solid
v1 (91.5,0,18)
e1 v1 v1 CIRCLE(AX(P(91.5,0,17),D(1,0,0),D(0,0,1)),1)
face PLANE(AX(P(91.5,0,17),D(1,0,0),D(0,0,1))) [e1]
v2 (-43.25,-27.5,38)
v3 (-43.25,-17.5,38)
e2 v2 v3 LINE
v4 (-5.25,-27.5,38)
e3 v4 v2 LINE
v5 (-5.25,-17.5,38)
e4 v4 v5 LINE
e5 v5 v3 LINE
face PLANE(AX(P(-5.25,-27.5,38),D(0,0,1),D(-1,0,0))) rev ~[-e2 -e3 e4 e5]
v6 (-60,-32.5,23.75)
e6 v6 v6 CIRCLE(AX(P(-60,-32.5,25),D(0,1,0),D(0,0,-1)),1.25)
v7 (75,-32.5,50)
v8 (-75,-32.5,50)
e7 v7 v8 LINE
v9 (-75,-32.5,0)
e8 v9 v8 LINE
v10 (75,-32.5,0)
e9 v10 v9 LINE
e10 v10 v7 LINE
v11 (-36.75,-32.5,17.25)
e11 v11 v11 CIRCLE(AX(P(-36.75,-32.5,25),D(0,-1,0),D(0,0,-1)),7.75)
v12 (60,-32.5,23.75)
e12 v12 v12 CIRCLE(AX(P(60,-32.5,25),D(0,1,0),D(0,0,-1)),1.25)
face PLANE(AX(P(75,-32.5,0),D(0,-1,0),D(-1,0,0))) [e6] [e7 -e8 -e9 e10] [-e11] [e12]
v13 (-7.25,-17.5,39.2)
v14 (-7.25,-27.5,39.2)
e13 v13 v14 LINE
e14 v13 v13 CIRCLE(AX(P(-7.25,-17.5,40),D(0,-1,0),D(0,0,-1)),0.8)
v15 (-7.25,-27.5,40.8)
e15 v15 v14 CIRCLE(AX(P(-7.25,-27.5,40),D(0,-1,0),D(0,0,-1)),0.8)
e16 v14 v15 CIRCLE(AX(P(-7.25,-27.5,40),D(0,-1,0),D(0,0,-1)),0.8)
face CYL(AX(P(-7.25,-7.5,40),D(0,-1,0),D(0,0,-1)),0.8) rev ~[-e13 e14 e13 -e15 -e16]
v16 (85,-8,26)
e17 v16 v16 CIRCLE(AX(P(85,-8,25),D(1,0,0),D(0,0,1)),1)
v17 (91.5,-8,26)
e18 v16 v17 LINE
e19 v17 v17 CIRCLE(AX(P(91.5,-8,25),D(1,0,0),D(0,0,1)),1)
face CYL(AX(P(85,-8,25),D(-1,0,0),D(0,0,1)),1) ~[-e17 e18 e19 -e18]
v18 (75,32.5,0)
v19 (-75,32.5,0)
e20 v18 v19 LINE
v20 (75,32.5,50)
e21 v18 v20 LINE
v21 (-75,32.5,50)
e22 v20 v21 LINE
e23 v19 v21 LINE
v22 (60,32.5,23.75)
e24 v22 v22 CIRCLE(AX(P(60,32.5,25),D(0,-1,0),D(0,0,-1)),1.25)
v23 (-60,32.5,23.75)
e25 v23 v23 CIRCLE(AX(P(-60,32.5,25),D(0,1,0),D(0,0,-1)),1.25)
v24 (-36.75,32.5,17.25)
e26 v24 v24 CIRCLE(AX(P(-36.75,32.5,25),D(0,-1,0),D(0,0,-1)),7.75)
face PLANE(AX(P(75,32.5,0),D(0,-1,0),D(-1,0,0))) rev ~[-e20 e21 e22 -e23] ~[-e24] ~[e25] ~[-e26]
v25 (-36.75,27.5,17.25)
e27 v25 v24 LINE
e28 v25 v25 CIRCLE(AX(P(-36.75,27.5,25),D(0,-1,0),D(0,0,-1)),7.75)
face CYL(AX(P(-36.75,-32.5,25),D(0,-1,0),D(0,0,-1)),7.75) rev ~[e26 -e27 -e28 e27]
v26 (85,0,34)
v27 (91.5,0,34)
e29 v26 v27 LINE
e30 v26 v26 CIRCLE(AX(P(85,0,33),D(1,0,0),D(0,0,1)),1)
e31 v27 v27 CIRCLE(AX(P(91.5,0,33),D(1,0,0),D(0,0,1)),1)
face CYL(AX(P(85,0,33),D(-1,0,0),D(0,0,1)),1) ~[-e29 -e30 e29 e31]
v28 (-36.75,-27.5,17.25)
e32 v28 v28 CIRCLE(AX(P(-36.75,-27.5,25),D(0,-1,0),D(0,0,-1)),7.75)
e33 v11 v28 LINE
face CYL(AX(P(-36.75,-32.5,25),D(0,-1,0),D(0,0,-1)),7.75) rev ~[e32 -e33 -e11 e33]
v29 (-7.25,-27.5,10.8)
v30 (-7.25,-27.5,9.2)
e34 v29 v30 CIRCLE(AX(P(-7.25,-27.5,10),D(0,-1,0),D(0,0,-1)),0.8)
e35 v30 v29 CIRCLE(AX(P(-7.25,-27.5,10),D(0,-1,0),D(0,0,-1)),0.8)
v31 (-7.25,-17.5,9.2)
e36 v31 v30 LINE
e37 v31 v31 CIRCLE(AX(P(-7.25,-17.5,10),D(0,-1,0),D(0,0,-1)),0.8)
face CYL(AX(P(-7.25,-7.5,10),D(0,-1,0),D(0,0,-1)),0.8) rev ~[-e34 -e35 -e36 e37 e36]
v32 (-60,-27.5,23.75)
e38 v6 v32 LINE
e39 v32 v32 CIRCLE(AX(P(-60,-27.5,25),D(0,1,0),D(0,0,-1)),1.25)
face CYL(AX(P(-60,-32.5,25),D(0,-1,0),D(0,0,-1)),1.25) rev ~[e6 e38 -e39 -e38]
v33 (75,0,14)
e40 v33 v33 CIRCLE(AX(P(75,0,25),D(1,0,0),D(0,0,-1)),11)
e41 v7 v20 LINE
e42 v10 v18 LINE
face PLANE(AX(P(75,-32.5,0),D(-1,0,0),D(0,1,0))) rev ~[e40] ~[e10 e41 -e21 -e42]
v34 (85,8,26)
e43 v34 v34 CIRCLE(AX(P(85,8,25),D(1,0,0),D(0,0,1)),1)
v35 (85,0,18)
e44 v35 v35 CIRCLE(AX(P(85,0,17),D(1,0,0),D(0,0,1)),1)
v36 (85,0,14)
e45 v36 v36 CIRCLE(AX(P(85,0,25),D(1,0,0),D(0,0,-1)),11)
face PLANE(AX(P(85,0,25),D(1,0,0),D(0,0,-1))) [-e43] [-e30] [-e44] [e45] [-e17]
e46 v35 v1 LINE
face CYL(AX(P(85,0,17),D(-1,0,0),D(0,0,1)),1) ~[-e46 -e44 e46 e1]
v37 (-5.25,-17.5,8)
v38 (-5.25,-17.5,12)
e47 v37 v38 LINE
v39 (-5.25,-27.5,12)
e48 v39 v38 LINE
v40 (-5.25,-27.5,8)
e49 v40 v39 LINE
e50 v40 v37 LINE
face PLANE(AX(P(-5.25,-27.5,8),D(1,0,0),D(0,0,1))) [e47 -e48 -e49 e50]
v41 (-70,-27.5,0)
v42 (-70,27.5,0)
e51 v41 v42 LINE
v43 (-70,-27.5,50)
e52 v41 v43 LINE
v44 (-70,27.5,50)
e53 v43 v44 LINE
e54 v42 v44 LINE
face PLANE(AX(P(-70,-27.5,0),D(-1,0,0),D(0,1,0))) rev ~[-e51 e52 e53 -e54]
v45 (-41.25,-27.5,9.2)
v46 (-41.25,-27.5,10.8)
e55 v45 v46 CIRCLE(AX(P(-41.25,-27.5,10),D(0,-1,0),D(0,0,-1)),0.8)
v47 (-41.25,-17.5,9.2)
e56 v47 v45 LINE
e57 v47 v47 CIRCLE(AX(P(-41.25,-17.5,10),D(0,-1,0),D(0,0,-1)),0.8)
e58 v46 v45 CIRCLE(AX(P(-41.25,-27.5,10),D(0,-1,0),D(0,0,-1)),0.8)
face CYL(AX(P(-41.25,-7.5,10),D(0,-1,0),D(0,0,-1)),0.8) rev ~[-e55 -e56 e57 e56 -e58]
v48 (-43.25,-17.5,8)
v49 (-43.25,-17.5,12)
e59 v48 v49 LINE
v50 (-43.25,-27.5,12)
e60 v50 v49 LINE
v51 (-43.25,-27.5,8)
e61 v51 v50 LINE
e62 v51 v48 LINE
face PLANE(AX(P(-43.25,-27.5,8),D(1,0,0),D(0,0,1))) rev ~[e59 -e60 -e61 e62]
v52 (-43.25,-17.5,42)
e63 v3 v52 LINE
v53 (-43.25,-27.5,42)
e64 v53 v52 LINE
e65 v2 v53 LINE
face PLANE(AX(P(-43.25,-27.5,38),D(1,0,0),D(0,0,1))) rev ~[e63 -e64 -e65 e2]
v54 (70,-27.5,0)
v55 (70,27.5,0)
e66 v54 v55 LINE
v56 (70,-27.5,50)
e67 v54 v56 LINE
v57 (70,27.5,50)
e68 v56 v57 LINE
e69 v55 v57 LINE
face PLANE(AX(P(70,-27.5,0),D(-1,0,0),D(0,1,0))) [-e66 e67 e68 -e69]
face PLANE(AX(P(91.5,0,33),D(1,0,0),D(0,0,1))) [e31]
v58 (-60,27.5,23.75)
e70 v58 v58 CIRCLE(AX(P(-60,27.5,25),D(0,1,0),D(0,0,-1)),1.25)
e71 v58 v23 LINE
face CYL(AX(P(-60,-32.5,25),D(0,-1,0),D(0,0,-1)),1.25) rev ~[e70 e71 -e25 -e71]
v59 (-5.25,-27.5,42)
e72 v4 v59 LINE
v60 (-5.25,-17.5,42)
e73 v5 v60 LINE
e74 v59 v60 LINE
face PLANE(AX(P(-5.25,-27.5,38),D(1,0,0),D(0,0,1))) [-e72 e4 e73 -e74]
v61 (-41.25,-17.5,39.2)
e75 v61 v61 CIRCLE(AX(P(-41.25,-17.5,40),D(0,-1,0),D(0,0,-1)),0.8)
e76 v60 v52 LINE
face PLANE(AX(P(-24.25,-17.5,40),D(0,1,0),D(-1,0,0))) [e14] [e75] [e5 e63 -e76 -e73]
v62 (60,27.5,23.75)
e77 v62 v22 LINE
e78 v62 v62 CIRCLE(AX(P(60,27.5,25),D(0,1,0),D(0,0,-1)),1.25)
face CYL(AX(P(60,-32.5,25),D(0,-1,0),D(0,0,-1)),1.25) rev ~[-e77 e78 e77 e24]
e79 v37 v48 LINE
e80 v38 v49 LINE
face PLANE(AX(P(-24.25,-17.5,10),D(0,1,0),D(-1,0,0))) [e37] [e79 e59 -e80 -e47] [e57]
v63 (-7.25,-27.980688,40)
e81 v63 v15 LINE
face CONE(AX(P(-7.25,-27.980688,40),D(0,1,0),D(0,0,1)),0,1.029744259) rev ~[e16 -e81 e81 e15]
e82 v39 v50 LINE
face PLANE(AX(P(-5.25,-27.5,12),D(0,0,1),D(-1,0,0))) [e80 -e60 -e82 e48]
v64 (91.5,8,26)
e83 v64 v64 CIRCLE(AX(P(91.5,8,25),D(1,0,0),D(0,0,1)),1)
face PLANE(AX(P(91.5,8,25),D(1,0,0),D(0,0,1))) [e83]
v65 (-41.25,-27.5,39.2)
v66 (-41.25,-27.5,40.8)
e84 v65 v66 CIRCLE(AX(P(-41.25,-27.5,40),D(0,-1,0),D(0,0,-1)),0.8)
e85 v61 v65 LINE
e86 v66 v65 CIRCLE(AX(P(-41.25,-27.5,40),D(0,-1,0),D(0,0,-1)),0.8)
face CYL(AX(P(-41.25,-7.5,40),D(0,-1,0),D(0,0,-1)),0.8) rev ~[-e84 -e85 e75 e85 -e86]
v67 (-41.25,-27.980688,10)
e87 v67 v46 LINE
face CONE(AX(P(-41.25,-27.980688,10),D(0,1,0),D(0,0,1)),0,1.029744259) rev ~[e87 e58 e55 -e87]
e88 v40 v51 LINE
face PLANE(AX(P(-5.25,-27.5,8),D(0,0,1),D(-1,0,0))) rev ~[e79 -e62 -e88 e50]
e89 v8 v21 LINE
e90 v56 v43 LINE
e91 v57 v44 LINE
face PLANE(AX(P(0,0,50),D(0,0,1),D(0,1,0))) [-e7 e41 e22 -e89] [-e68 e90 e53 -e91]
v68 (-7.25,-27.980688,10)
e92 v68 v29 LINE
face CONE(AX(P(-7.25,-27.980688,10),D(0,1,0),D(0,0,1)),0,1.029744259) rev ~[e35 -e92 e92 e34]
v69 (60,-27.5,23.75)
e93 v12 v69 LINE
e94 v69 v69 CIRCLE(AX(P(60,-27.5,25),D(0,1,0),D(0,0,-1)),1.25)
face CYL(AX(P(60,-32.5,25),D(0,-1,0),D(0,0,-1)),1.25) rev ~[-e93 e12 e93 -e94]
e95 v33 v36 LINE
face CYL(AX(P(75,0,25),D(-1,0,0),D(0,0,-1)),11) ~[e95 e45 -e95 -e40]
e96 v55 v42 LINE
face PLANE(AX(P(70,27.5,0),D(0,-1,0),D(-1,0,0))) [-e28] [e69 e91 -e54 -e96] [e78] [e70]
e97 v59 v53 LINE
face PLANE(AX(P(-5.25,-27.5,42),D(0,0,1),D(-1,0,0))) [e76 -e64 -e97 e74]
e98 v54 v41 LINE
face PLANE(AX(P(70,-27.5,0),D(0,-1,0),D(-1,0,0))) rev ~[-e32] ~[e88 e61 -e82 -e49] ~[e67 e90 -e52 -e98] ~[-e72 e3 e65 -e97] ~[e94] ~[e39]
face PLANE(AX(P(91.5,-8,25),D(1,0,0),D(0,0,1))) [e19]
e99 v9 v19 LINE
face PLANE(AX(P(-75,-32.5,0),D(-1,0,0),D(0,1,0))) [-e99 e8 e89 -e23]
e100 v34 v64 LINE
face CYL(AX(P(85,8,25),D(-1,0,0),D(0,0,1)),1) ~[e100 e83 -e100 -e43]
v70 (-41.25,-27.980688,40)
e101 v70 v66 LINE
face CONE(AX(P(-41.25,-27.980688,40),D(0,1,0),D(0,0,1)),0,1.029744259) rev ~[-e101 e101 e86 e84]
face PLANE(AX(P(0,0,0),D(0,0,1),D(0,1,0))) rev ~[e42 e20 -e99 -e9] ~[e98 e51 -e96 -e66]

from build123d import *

# Parameters (mm, degrees)
SKETCH1_W                           = 65
SKETCH1_H                           = 150
SKETCH1_W_2                         = 55
SKETCH1_H_2                         = 140
BOSS_EXTRUDE1_DEPTH                 = 50
SKETCH2_R                           = 1.25
CUT_EXTRUDE1_DEPTH                  = 112.130553854
SKETCH3_R                           = 7.75
CUT_EXTRUDE2_DEPTH                  = 112.130553854
M3X0_5_TAPPED_HOLE3_D               = 2.5
M3X0_5_TAPPED_HOLE3_DEPTH           = 5
M3X0_5_TAPPED_HOLE3_TIP             = 0.751075774
M3X0_5_TAPPED_HOLE3_ON_FACE_2_D     = 2.5
M3X0_5_TAPPED_HOLE3_ON_FACE_2_DEPTH = 5
M3X0_5_TAPPED_HOLE3_ON_FACE_2_TIP   = 0.751075774
SKETCH10_W                          = 38
SKETCH10_H                          = 4
SKETCH10_R                          = 0.5
BOSS_EXTRUDE4_DEPTH                 = 10
M2X0_4_TAPPED_HOLE1_D               = 1.6
M2X0_4_TAPPED_HOLE1_DEPTH           = 10
M2X0_4_TAPPED_HOLE1_TIP             = 0.480688495
SKETCH4_R                           = 11
BOSS_EXTRUDE5_DEPTH                 = 10
SKETCH15_R                          = 1
BOSS_EXTRUDE6_DEPTH                 = 6.5


with BuildPart() as part:
    # Sketch1 → Boss-Extrude1 (new body)
    with BuildSketch(Plane(origin=(0, 0, 0), x_dir=(0, 1, 0), z_dir=(0, 0, 1))):
        Rectangle(SKETCH1_W, SKETCH1_H)
        Rectangle(SKETCH1_W_2, SKETCH1_H_2, mode=Mode.SUBTRACT)
    extrude(amount=BOSS_EXTRUDE1_DEPTH)

    # Sketch2 → Cut-Extrude1 (cut, through all)
    with BuildSketch(Plane.XZ.offset(32.5)):
        with Locations((-60, 25)):
            Circle(SKETCH2_R)
        with Locations((60, 25)):
            Circle(SKETCH2_R)
    extrude(amount=-CUT_EXTRUDE1_DEPTH, mode=Mode.SUBTRACT)

    # Sketch3 → Cut-Extrude2 (cut, through all)
    with BuildSketch(Plane.XZ.offset(32.5)):
        with Locations((-36.75, 25)):
            Circle(SKETCH3_R)
    extrude(amount=-CUT_EXTRUDE2_DEPTH, mode=Mode.SUBTRACT)

    # M3x0.5 Tapped Hole3
    with Locations(Plane(origin=(-60, -32.5, 25), x_dir=(0, 0, -1), z_dir=(0, -1, 0))):
        with Locations((0, 0), (0, 120)):
            Hole(M3X0_5_TAPPED_HOLE3_D / 2, depth=M3X0_5_TAPPED_HOLE3_DEPTH)
            with Locations((0, 0, -(M3X0_5_TAPPED_HOLE3_DEPTH + M3X0_5_TAPPED_HOLE3_TIP / 2))):  # 118° drill point
                Cone(0, M3X0_5_TAPPED_HOLE3_D / 2, M3X0_5_TAPPED_HOLE3_TIP, mode=Mode.SUBTRACT)

    # M3x0.5 Tapped Hole3 on face 2
    with Locations(Plane(origin=(60, 32.5, 25), x_dir=(0, 0, -1), z_dir=(0, -1, 0))):
        with Locations((0, 0), (0, -120)):
            Hole(M3X0_5_TAPPED_HOLE3_ON_FACE_2_D / 2, depth=M3X0_5_TAPPED_HOLE3_ON_FACE_2_DEPTH)
            with Locations((0, 0, -(M3X0_5_TAPPED_HOLE3_ON_FACE_2_DEPTH + M3X0_5_TAPPED_HOLE3_ON_FACE_2_TIP / 2))):  # 118° drill point
                Cone(0, M3X0_5_TAPPED_HOLE3_ON_FACE_2_D / 2, M3X0_5_TAPPED_HOLE3_ON_FACE_2_TIP, mode=Mode.SUBTRACT)

    # Sketch10 → Boss-Extrude4 (add)
    # profile 1 of 2: a face of its own
    with BuildSketch(Plane(origin=(0, -27.5, 0), x_dir=(-1, 0, 0), z_dir=(0, 1, 0))):
        with Locations((24.25, 10)):
            Rectangle(SKETCH10_W, SKETCH10_H)
        with Locations((7.25, 10)):
            Circle(SKETCH10_R, mode=Mode.SUBTRACT)
        with Locations((41.25, 10)):
            Circle(SKETCH10_R, mode=Mode.SUBTRACT)
    # profile 2 of 2: a face of its own
    with BuildSketch(Plane(origin=(0, -27.5, 0), x_dir=(-1, 0, 0), z_dir=(0, 1, 0))):
        with Locations((24.25, 40)):
            Rectangle(SKETCH10_W, SKETCH10_H)
        with Locations((7.25, 40)):
            Circle(SKETCH10_R, mode=Mode.SUBTRACT)
        with Locations((41.25, 40)):
            Circle(SKETCH10_R, mode=Mode.SUBTRACT)
    extrude(amount=BOSS_EXTRUDE4_DEPTH)

    # M2x0.4 Tapped Hole1
    with Locations(Plane(origin=(-7.25, -17.5, 10), x_dir=(0, 0, 1), z_dir=(0, 1, 0))):
        with Locations((0, 0), (30, 0), (30, -34), (0, -34)):
            Hole(M2X0_4_TAPPED_HOLE1_D / 2, depth=M2X0_4_TAPPED_HOLE1_DEPTH)
            with Locations((0, 0, -(M2X0_4_TAPPED_HOLE1_DEPTH + M2X0_4_TAPPED_HOLE1_TIP / 2))):  # 118° drill point
                Cone(0, M2X0_4_TAPPED_HOLE1_D / 2, M2X0_4_TAPPED_HOLE1_TIP, mode=Mode.SUBTRACT)

    # Sketch4 → Boss-Extrude5 (add)
    with BuildSketch(Plane.YZ.offset(75)):
        with Locations((0, 25)):
            Circle(SKETCH4_R)
    extrude(amount=BOSS_EXTRUDE5_DEPTH)

    # Sketch15 → Boss-Extrude6 (add)
    with BuildSketch(Plane.YZ.offset(85)):
        with Locations((0, 33)):
            Circle(SKETCH15_R)
        with Locations((8, 25)):
            Circle(SKETCH15_R)
        with Locations((0, 17)):
            Circle(SKETCH15_R)
        with Locations((-8, 25)):
            Circle(SKETCH15_R)
    extrude(amount=BOSS_EXTRUDE6_DEPTH)


solid = part.part
